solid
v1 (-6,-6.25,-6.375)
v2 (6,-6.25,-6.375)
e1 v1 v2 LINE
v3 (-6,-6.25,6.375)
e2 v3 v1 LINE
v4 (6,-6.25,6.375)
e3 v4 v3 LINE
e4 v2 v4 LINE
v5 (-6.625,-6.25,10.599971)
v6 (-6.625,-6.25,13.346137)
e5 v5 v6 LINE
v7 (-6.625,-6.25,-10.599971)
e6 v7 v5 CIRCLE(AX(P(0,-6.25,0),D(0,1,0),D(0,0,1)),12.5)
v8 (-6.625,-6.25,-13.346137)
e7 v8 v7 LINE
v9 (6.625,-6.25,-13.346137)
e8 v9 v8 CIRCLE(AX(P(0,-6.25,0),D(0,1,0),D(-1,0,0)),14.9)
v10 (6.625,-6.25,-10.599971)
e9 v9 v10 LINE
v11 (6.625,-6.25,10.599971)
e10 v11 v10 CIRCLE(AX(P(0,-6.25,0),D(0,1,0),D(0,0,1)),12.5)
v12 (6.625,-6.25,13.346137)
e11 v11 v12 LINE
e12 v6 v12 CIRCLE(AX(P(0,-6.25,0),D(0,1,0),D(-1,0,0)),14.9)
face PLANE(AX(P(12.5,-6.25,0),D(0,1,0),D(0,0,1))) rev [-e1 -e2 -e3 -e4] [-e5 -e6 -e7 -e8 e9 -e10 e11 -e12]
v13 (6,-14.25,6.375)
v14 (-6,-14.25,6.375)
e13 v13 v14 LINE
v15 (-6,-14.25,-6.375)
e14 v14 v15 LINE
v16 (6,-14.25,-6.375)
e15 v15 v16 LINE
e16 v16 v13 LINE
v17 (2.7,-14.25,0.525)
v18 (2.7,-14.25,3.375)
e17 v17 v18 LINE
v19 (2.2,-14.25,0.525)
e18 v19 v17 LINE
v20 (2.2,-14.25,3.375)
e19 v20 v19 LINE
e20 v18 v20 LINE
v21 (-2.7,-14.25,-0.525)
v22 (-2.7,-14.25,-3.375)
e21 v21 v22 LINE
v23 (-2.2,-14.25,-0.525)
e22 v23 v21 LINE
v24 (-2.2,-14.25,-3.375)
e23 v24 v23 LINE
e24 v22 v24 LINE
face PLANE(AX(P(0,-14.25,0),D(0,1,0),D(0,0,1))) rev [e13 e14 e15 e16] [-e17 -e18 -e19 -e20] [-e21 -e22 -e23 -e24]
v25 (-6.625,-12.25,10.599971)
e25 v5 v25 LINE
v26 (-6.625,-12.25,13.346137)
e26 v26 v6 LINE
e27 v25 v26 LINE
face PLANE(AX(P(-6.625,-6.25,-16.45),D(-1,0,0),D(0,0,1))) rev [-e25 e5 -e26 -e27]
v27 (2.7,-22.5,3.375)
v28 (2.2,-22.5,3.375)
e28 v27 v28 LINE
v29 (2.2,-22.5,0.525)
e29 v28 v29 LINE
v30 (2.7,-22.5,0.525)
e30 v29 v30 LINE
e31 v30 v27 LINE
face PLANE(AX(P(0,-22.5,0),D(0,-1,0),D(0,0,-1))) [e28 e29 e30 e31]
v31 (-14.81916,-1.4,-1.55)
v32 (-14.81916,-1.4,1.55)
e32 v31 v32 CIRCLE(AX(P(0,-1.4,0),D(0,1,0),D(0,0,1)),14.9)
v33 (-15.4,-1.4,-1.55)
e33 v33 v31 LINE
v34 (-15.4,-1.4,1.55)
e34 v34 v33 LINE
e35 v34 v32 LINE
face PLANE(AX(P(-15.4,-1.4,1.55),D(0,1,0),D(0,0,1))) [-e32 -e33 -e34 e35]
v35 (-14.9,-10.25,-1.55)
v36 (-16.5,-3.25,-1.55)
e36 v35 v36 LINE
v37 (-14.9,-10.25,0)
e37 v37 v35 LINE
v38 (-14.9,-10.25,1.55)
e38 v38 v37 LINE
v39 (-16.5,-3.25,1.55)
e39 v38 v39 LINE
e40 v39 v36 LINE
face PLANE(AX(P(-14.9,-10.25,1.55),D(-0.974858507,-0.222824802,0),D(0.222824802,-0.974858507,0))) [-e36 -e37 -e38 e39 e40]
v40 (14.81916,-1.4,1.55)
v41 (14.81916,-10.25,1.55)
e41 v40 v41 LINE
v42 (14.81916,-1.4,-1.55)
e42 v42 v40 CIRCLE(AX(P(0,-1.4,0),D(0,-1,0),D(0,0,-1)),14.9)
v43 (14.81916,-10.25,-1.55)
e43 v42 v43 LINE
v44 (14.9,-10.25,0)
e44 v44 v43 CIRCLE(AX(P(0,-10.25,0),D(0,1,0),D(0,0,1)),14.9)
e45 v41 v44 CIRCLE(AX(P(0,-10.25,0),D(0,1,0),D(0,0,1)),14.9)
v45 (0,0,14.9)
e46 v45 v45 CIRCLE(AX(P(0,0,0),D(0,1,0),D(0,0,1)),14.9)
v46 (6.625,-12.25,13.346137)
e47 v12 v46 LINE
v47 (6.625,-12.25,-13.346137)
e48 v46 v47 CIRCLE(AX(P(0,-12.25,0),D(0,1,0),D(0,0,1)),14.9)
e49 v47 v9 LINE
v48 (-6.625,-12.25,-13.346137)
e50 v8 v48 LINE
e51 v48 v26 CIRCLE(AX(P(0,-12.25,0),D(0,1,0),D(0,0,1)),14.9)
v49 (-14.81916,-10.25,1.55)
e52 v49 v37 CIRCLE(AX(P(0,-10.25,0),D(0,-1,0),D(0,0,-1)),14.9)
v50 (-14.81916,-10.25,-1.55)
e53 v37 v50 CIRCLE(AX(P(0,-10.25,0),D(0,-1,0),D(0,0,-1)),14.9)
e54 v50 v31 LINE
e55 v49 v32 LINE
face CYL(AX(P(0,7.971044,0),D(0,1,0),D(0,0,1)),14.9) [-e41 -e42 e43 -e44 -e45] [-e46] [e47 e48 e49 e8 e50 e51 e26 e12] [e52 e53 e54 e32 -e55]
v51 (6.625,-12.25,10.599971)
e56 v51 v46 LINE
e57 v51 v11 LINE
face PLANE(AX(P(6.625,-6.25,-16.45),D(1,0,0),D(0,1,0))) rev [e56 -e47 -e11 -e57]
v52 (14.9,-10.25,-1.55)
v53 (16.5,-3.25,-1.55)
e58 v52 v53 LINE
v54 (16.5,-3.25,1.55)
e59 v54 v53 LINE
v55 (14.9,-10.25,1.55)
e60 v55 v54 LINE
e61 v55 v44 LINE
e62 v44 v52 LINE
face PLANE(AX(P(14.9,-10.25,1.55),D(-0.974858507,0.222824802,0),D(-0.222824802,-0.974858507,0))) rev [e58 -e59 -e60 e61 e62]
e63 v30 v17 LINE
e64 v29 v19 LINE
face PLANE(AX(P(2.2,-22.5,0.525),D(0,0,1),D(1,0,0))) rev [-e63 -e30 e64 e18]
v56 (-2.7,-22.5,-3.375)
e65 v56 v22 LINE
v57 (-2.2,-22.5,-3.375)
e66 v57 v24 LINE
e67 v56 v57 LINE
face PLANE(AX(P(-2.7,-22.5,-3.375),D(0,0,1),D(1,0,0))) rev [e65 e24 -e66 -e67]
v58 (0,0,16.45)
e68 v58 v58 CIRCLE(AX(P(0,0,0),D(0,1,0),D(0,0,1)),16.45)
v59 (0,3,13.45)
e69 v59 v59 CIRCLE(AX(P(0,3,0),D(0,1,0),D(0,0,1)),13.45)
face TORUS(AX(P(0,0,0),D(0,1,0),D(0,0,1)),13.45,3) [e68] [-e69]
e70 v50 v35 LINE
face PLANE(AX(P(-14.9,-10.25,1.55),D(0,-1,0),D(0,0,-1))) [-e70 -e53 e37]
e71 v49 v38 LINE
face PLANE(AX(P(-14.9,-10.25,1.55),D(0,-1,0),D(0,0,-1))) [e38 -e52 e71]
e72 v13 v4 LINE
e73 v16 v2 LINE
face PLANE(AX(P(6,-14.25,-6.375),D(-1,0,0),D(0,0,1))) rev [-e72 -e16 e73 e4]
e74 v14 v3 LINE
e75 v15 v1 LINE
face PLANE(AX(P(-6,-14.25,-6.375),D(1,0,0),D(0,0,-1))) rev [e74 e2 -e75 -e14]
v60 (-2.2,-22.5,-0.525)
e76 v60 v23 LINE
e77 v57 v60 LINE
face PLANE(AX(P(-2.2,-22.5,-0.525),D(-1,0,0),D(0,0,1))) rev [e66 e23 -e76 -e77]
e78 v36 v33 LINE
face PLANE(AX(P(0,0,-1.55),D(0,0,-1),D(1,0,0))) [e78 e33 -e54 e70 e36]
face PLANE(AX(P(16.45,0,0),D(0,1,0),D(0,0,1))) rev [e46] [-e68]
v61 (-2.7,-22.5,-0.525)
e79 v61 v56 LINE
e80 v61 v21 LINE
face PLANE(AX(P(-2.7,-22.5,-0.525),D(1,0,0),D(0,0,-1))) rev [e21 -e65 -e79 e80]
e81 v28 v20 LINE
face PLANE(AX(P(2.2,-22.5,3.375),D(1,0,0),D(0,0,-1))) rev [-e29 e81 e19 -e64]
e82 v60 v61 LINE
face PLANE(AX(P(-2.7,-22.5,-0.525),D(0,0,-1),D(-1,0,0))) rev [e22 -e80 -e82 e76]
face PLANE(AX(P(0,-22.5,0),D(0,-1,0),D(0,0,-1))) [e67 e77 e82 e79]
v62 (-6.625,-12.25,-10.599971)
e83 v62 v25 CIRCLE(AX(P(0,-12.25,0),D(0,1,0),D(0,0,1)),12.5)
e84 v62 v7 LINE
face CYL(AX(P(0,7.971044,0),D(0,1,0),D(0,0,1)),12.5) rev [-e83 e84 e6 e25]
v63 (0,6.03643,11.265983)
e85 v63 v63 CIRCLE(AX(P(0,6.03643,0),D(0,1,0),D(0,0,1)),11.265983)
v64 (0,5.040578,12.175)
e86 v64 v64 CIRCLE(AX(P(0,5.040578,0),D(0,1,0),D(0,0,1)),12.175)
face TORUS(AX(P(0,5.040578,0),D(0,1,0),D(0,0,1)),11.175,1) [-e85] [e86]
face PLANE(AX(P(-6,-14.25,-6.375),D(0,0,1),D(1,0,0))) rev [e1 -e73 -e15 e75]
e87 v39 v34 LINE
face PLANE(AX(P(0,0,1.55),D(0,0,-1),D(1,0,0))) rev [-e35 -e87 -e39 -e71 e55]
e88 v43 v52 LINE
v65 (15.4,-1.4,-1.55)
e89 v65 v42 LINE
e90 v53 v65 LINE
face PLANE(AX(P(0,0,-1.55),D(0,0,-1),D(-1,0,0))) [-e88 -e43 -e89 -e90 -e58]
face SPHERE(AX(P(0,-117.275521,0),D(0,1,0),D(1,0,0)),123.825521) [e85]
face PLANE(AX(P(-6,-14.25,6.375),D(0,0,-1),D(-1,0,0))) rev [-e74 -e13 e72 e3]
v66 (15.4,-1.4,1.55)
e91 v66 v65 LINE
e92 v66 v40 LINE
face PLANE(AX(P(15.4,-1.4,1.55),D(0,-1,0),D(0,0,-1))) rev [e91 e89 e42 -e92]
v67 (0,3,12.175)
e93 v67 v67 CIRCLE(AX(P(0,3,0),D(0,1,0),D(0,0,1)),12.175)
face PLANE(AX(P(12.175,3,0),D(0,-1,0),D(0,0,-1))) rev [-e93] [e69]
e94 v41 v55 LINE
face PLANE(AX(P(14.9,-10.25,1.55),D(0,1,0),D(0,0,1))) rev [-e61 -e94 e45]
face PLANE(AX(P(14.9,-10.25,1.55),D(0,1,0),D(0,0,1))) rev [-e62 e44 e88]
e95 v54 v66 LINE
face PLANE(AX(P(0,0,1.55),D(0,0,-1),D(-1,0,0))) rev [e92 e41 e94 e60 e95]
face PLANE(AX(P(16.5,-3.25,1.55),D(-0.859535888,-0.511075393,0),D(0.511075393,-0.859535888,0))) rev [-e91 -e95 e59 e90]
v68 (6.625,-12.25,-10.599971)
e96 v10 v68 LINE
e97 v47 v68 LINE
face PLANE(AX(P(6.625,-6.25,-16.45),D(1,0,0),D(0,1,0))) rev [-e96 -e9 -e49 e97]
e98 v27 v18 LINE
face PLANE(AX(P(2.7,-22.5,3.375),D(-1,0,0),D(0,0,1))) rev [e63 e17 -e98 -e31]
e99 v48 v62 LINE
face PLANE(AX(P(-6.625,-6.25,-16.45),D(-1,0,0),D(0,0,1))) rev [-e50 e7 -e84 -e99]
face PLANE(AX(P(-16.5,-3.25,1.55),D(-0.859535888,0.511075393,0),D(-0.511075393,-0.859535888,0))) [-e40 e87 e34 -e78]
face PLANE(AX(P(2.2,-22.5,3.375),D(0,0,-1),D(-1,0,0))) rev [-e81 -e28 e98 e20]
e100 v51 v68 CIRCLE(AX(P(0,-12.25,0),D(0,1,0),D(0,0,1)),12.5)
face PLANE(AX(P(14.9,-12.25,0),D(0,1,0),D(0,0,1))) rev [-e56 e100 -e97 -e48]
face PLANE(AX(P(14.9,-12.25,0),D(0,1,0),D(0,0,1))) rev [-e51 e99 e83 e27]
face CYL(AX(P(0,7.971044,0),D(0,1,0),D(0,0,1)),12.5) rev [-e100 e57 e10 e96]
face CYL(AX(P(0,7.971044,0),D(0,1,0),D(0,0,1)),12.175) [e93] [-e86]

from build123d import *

# Parameters (mm, degrees)
SKETCH2_W               = 13.25
SKETCH2_H               = 6
CUT_EXTRUDE1_DEPTH      = 17.45
CUT_EXTRUDE1_DEPTH_BACK = 17.45
BOSS_EXTRUDE1_DEPTH     = 1.55
SKETCH4_W               = 12
SKETCH4_H               = 12.75
BOSS_EXTRUDE2_DEPTH     = 8
SKETCH5_W               = 0.5
SKETCH5_H               = 2.85
BOSS_EXTRUDE3_DEPTH     = 8.25


with BuildPart() as part:
    # Sketch1 → Revolve1 (revolve)
    with BuildSketch(Plane.XY):
        with BuildLine():
            Line((16.45, 0), (14.9, 0))
            Line((14.9, 0), (14.9, -12.25))
            Line((14.9, -12.25), (12.5, -12.25))
            Line((12.5, -12.25), (12.5, -6.25))
            Line((12.5, -6.25), (0, -6.25))
            Line((0, -6.25), (0, 6.55))
            ThreePointArc((0, 6.55), (5.638841208, 6.421540892), (11.26598272, 6.0364301))
            ThreePointArc((11.26598272, 6.0364301), (11.913573869, 5.714750188), (12.175, 5.040577629))
            Line((12.175, 5.040577629), (12.175, 3))
            Line((12.175, 3), (13.45, 3))
            ThreePointArc((13.45, 3), (15.571320344, 2.121320344), (16.45, 0))
        make_face()
    revolve(axis=Axis((0, 7.971043953, 0), (0, -1, 0)))

    # Sketch2 → Cut-Extrude1 (cut, two sides)
    with BuildSketch(Plane.XY) as cut_extrude1_sk:
        with Locations((0, -9.25)):
            Rectangle(SKETCH2_W, SKETCH2_H)
    extrude(amount=CUT_EXTRUDE1_DEPTH, mode=Mode.SUBTRACT)
    extrude(cut_extrude1_sk.sketch, amount=-CUT_EXTRUDE1_DEPTH_BACK, mode=Mode.SUBTRACT)

    # Sketch3 → Boss-Extrude1 (add, symmetric)
    with BuildSketch(Plane.XY):
        Polygon((14.9, -10.25), (16.5, -3.25), (15.4, -1.4), (13.9, -1.4), (13.9, -10.25), align=None)
    boss_extrude1 = extrude(amount=BOSS_EXTRUDE1_DEPTH, both=True)

    # Mirror1: Boss-Extrude1 across plane
    add(boss_extrude1.mirror(Plane(origin=(0, 0, 0), x_dir=(0, 0, 1), z_dir=(1, 0, 0))))

    # Sketch4 → Boss-Extrude2 (add)
    with BuildSketch(Plane.XZ.offset(6.25)):
        Rectangle(SKETCH4_W, SKETCH4_H)
    extrude(amount=BOSS_EXTRUDE2_DEPTH)

    # Sketch5 → Boss-Extrude3 (add)
    with BuildSketch(Plane.XZ.offset(14.25)):
        with Locations((2.45, 1.95)):
            Rectangle(SKETCH5_W, SKETCH5_H)
        with Locations((-2.45, -1.95)):
            Rectangle(SKETCH5_W, SKETCH5_H)
    extrude(amount=BOSS_EXTRUDE3_DEPTH)


solid = part.part
